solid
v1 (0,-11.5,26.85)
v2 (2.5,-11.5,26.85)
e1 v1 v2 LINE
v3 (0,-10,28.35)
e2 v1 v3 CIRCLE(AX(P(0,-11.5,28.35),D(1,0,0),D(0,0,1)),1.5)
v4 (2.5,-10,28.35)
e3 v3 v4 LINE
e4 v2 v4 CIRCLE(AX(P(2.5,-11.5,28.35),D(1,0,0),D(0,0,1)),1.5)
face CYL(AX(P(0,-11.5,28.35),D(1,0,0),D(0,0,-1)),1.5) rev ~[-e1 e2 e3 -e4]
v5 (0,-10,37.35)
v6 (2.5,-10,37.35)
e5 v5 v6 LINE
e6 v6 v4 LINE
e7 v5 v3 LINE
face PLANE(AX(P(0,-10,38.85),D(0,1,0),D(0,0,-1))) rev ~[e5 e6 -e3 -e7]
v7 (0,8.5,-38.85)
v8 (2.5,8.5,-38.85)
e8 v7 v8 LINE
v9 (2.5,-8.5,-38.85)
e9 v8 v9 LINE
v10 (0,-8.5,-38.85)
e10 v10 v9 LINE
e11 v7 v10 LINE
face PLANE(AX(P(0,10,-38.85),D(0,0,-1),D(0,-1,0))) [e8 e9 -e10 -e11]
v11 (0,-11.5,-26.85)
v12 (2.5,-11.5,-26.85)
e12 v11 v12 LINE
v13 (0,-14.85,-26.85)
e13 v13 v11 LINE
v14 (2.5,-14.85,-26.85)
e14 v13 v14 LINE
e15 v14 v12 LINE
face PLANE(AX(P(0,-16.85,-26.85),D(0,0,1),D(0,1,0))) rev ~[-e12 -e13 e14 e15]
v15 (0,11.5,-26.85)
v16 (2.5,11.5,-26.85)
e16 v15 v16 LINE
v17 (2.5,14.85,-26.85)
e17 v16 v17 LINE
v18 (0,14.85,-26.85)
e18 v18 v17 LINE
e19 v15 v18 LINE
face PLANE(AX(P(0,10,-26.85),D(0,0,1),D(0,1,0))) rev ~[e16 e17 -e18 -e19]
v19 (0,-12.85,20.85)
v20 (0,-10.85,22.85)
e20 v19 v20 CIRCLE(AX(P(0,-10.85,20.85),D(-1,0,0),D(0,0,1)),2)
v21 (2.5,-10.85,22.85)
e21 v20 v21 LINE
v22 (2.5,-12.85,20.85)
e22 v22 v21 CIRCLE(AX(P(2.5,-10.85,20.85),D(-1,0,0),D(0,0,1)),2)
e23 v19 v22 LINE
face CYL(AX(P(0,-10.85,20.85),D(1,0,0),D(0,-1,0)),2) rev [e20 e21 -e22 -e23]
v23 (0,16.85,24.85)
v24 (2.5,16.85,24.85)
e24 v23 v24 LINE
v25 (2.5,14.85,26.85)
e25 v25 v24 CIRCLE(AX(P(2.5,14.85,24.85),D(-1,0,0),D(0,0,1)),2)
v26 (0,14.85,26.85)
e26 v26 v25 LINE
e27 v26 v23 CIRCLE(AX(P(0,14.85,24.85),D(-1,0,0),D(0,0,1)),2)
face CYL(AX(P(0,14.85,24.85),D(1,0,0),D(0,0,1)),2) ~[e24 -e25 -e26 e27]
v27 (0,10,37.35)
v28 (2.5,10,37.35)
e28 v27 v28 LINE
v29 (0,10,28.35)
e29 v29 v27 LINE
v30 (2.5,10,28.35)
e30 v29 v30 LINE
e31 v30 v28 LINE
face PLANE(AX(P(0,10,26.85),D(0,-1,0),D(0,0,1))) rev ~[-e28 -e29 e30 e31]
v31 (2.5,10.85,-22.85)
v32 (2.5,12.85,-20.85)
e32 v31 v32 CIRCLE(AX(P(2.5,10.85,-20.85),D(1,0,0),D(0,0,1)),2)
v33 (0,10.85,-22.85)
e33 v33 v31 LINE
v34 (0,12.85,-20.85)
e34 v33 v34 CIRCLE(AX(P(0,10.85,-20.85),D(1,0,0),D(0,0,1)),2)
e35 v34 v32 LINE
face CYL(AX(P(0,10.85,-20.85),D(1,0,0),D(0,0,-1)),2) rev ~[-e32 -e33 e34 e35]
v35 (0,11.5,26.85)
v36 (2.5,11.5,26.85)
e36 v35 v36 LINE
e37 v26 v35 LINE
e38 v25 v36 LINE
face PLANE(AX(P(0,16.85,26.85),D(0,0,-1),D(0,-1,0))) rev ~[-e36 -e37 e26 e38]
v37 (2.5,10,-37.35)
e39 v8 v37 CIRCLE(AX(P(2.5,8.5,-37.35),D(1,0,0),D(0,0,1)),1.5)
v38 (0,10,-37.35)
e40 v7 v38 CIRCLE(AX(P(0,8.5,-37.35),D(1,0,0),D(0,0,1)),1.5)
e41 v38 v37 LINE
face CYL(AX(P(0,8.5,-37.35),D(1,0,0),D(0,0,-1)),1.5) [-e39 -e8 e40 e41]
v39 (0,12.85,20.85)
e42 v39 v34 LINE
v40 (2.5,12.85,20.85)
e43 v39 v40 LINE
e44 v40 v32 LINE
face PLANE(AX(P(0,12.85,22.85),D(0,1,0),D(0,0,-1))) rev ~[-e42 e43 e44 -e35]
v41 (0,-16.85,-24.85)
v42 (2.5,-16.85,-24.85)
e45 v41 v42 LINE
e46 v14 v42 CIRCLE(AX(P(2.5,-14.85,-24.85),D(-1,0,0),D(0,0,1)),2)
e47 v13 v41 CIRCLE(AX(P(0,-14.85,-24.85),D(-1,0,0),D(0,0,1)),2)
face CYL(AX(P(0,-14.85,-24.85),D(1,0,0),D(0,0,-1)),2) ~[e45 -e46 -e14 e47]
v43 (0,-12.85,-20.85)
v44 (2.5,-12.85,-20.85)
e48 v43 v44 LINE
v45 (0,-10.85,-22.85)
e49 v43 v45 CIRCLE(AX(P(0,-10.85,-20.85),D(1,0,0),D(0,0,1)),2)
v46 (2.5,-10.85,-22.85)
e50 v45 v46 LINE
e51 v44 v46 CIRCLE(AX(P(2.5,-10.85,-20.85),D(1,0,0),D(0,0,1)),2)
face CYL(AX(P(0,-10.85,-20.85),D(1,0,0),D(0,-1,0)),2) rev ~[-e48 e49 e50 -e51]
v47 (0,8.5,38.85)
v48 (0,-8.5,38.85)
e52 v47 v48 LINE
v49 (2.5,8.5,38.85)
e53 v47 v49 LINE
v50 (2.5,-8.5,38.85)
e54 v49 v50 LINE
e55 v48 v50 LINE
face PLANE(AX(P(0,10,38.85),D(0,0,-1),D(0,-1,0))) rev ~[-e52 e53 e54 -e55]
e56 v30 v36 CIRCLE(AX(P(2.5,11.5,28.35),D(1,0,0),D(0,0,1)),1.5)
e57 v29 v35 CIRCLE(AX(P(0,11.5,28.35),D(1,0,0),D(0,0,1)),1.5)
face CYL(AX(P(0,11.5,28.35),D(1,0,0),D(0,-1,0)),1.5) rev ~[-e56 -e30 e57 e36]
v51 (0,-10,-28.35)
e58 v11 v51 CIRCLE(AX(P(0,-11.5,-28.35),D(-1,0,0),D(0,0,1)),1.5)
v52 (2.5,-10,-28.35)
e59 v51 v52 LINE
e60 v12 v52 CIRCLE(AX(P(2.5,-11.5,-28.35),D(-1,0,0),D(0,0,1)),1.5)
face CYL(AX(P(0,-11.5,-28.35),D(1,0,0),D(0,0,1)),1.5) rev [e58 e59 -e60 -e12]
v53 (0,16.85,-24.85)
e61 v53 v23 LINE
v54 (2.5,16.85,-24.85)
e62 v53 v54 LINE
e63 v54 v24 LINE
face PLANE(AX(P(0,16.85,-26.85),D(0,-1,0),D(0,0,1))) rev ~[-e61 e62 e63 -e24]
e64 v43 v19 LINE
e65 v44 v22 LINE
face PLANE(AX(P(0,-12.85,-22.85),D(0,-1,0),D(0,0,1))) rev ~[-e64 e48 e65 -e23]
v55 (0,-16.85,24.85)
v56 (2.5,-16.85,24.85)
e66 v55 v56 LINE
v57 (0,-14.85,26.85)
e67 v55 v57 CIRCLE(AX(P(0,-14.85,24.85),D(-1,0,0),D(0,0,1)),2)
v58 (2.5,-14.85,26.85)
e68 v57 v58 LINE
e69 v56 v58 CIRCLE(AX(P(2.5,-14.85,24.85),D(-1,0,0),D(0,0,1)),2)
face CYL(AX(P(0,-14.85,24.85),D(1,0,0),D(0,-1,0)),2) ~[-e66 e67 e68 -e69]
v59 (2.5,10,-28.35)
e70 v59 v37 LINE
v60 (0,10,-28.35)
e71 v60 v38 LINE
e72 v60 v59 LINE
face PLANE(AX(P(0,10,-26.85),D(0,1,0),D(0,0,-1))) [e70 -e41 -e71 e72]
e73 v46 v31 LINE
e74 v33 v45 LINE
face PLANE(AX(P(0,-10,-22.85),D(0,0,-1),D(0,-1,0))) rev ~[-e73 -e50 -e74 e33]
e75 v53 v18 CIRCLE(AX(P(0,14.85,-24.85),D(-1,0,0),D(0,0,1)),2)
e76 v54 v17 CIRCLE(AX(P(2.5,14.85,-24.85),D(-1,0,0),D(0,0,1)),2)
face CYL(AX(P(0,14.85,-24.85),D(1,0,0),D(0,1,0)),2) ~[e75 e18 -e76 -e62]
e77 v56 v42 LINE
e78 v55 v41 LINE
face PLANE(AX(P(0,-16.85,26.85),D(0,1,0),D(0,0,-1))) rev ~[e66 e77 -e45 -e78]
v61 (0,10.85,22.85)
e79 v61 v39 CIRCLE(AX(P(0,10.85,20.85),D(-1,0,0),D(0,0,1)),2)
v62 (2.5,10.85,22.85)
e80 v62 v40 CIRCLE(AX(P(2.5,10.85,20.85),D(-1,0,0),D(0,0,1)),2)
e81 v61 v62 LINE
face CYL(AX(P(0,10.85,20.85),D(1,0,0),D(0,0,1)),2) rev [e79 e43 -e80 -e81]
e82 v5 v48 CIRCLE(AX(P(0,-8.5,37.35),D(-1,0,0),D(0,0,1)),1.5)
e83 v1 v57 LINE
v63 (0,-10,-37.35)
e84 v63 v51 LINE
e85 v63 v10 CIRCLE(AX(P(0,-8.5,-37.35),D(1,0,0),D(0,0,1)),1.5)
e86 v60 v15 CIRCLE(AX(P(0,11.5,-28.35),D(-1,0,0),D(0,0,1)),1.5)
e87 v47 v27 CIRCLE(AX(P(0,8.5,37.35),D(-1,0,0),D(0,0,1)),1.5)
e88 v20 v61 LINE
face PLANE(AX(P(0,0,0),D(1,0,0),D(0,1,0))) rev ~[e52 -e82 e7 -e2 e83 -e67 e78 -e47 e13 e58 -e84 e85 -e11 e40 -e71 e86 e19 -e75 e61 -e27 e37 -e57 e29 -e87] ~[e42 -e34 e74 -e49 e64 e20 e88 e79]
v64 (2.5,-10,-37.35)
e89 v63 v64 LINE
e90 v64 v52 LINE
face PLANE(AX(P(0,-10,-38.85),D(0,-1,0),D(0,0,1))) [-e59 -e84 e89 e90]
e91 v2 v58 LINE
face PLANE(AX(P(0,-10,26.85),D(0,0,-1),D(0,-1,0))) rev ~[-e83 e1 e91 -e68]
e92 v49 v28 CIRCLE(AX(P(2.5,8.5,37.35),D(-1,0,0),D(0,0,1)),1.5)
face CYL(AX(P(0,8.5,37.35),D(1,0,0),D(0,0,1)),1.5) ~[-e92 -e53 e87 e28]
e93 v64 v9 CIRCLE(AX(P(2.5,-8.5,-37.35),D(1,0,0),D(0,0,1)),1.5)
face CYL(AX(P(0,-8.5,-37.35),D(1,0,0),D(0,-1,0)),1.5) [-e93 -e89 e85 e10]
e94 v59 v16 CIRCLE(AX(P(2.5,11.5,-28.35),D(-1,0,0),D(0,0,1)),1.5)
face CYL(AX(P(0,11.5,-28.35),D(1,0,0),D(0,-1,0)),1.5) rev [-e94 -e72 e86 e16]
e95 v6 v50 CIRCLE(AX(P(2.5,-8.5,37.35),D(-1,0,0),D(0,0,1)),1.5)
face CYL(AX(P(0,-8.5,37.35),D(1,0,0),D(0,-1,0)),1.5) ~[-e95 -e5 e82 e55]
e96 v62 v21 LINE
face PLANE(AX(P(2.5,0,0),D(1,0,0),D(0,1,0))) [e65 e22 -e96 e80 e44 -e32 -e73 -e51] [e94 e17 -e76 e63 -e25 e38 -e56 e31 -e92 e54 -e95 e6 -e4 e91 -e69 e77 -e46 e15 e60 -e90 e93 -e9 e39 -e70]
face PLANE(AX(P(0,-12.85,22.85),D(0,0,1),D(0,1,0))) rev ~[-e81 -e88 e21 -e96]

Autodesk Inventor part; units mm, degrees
ref_plane "YZ Plane" through (0, 0, 0) normal (1, 0, 0) x (0, 1, 0)
ref_plane "XZ Plane" through (0, 0, 0) normal (0, 1, 0) x (-1, 0, 0)
ref_plane "XY Plane" through (0, 0, 0) normal (0, 0, 1) x (1, 0, 0)
sketch "スケッチ1" plane through (0, 0, 0) normal (1, 0, 0) x (0, 1, 0)
  line L0 (-12.85, 22.85) -> (12.85, 22.85)
  line L1 (12.85, 22.85) -> (12.85, -22.85)
  line L2 (12.85, -22.85) -> (-12.85, -22.85)
  line L3 (-12.85, -22.85) -> (-12.85, 22.85)
  line L4 (-12.85, 22.85) -> (12.85, -22.85) construction
  line L5 (12.85, 22.85) -> (-12.85, -22.85) construction
  line L6 (16.85, -26.85) -> (16.85, 26.85)
  line L7 (16.85, 26.85) -> (-16.85, 26.85)
  line L8 (-16.85, 26.85) -> (-16.85, -26.85)
  line L9 (-16.85, -26.85) -> (16.85, -26.85)
  line L10 (-10, 14.85) -> (10, 14.85)
  line L11 (10, 14.85) -> (10, 38.85)
  line L12 (10, 38.85) -> (-10, 38.85)
  line L13 (-10, 38.85) -> (-10, 14.85)
  line L14 (-10, 14.85) -> (10, 38.85) construction
  line L15 (10, 14.85) -> (-10, 38.85) construction
  line L16 (-10, -14.85) -> (10, -14.85)
  line L17 (10, -14.85) -> (10, -38.85)
  line L18 (10, -38.85) -> (-10, -38.85)
  line L19 (-10, -38.85) -> (-10, -14.85)
  line L20 (-10, -14.85) -> (10, -38.85) construction
  line L21 (10, -14.85) -> (-10, -38.85) construction
  point P0 (0, 0)
  point P1 (0, 26.85)
  point P2 (0, -26.85)
  point P3 (10, -26.85)
  point P4 (-10, -26.85)
  point P5 (-10, 26.85)
  point P6 (10, 26.85)
  dimension "d0" = 25.7
  dimension "d1" = 45.7
  dimension "d2" = 4
  dimension "d5" = 12
  dimension "d6" = 12
  dimension "d7" = 20
  dimension "d8" = 20
extrude "押し出し1" add sketch "スケッチ1" along normal blind 2.5 contours L3 L2 L19 L9 L8 L7 L13 L0 | L13 L7 L11 L0 | L11 L7 L6 L9 L17 L2 L1 L0 | L13 L12 L11 L7 | L2 L17 L9 L19 | L9 L17 L18 L19
fillet "フィレット1" radius 2 8 edges at (1.25, 12.85, 22.85) (1.25, 12.85, -22.85) (1.25, -12.85, -22.85) (1.25, -12.85, 22.85) (1.25, -16.85, 26.85) (1.25, 16.85, 26.85) (1.25, -16.85, -26.85) (1.25, 16.85, -26.85)
fillet "フィレット2" radius 1.5 8 edges at (1.25, 10, 26.85) (1.25, 10, 38.85) (1.25, -10, 38.85) (1.25, -10, 26.85) (1.25, -10, -26.85) (1.25, -10, -38.85) (1.25, 10, -26.85) (1.25, 10, -38.85)
equation "\"d6\" = d5"
equation "\"d8\" = d7"
properties part number "GRS104_hygrometer_fixture_3D プリント"
